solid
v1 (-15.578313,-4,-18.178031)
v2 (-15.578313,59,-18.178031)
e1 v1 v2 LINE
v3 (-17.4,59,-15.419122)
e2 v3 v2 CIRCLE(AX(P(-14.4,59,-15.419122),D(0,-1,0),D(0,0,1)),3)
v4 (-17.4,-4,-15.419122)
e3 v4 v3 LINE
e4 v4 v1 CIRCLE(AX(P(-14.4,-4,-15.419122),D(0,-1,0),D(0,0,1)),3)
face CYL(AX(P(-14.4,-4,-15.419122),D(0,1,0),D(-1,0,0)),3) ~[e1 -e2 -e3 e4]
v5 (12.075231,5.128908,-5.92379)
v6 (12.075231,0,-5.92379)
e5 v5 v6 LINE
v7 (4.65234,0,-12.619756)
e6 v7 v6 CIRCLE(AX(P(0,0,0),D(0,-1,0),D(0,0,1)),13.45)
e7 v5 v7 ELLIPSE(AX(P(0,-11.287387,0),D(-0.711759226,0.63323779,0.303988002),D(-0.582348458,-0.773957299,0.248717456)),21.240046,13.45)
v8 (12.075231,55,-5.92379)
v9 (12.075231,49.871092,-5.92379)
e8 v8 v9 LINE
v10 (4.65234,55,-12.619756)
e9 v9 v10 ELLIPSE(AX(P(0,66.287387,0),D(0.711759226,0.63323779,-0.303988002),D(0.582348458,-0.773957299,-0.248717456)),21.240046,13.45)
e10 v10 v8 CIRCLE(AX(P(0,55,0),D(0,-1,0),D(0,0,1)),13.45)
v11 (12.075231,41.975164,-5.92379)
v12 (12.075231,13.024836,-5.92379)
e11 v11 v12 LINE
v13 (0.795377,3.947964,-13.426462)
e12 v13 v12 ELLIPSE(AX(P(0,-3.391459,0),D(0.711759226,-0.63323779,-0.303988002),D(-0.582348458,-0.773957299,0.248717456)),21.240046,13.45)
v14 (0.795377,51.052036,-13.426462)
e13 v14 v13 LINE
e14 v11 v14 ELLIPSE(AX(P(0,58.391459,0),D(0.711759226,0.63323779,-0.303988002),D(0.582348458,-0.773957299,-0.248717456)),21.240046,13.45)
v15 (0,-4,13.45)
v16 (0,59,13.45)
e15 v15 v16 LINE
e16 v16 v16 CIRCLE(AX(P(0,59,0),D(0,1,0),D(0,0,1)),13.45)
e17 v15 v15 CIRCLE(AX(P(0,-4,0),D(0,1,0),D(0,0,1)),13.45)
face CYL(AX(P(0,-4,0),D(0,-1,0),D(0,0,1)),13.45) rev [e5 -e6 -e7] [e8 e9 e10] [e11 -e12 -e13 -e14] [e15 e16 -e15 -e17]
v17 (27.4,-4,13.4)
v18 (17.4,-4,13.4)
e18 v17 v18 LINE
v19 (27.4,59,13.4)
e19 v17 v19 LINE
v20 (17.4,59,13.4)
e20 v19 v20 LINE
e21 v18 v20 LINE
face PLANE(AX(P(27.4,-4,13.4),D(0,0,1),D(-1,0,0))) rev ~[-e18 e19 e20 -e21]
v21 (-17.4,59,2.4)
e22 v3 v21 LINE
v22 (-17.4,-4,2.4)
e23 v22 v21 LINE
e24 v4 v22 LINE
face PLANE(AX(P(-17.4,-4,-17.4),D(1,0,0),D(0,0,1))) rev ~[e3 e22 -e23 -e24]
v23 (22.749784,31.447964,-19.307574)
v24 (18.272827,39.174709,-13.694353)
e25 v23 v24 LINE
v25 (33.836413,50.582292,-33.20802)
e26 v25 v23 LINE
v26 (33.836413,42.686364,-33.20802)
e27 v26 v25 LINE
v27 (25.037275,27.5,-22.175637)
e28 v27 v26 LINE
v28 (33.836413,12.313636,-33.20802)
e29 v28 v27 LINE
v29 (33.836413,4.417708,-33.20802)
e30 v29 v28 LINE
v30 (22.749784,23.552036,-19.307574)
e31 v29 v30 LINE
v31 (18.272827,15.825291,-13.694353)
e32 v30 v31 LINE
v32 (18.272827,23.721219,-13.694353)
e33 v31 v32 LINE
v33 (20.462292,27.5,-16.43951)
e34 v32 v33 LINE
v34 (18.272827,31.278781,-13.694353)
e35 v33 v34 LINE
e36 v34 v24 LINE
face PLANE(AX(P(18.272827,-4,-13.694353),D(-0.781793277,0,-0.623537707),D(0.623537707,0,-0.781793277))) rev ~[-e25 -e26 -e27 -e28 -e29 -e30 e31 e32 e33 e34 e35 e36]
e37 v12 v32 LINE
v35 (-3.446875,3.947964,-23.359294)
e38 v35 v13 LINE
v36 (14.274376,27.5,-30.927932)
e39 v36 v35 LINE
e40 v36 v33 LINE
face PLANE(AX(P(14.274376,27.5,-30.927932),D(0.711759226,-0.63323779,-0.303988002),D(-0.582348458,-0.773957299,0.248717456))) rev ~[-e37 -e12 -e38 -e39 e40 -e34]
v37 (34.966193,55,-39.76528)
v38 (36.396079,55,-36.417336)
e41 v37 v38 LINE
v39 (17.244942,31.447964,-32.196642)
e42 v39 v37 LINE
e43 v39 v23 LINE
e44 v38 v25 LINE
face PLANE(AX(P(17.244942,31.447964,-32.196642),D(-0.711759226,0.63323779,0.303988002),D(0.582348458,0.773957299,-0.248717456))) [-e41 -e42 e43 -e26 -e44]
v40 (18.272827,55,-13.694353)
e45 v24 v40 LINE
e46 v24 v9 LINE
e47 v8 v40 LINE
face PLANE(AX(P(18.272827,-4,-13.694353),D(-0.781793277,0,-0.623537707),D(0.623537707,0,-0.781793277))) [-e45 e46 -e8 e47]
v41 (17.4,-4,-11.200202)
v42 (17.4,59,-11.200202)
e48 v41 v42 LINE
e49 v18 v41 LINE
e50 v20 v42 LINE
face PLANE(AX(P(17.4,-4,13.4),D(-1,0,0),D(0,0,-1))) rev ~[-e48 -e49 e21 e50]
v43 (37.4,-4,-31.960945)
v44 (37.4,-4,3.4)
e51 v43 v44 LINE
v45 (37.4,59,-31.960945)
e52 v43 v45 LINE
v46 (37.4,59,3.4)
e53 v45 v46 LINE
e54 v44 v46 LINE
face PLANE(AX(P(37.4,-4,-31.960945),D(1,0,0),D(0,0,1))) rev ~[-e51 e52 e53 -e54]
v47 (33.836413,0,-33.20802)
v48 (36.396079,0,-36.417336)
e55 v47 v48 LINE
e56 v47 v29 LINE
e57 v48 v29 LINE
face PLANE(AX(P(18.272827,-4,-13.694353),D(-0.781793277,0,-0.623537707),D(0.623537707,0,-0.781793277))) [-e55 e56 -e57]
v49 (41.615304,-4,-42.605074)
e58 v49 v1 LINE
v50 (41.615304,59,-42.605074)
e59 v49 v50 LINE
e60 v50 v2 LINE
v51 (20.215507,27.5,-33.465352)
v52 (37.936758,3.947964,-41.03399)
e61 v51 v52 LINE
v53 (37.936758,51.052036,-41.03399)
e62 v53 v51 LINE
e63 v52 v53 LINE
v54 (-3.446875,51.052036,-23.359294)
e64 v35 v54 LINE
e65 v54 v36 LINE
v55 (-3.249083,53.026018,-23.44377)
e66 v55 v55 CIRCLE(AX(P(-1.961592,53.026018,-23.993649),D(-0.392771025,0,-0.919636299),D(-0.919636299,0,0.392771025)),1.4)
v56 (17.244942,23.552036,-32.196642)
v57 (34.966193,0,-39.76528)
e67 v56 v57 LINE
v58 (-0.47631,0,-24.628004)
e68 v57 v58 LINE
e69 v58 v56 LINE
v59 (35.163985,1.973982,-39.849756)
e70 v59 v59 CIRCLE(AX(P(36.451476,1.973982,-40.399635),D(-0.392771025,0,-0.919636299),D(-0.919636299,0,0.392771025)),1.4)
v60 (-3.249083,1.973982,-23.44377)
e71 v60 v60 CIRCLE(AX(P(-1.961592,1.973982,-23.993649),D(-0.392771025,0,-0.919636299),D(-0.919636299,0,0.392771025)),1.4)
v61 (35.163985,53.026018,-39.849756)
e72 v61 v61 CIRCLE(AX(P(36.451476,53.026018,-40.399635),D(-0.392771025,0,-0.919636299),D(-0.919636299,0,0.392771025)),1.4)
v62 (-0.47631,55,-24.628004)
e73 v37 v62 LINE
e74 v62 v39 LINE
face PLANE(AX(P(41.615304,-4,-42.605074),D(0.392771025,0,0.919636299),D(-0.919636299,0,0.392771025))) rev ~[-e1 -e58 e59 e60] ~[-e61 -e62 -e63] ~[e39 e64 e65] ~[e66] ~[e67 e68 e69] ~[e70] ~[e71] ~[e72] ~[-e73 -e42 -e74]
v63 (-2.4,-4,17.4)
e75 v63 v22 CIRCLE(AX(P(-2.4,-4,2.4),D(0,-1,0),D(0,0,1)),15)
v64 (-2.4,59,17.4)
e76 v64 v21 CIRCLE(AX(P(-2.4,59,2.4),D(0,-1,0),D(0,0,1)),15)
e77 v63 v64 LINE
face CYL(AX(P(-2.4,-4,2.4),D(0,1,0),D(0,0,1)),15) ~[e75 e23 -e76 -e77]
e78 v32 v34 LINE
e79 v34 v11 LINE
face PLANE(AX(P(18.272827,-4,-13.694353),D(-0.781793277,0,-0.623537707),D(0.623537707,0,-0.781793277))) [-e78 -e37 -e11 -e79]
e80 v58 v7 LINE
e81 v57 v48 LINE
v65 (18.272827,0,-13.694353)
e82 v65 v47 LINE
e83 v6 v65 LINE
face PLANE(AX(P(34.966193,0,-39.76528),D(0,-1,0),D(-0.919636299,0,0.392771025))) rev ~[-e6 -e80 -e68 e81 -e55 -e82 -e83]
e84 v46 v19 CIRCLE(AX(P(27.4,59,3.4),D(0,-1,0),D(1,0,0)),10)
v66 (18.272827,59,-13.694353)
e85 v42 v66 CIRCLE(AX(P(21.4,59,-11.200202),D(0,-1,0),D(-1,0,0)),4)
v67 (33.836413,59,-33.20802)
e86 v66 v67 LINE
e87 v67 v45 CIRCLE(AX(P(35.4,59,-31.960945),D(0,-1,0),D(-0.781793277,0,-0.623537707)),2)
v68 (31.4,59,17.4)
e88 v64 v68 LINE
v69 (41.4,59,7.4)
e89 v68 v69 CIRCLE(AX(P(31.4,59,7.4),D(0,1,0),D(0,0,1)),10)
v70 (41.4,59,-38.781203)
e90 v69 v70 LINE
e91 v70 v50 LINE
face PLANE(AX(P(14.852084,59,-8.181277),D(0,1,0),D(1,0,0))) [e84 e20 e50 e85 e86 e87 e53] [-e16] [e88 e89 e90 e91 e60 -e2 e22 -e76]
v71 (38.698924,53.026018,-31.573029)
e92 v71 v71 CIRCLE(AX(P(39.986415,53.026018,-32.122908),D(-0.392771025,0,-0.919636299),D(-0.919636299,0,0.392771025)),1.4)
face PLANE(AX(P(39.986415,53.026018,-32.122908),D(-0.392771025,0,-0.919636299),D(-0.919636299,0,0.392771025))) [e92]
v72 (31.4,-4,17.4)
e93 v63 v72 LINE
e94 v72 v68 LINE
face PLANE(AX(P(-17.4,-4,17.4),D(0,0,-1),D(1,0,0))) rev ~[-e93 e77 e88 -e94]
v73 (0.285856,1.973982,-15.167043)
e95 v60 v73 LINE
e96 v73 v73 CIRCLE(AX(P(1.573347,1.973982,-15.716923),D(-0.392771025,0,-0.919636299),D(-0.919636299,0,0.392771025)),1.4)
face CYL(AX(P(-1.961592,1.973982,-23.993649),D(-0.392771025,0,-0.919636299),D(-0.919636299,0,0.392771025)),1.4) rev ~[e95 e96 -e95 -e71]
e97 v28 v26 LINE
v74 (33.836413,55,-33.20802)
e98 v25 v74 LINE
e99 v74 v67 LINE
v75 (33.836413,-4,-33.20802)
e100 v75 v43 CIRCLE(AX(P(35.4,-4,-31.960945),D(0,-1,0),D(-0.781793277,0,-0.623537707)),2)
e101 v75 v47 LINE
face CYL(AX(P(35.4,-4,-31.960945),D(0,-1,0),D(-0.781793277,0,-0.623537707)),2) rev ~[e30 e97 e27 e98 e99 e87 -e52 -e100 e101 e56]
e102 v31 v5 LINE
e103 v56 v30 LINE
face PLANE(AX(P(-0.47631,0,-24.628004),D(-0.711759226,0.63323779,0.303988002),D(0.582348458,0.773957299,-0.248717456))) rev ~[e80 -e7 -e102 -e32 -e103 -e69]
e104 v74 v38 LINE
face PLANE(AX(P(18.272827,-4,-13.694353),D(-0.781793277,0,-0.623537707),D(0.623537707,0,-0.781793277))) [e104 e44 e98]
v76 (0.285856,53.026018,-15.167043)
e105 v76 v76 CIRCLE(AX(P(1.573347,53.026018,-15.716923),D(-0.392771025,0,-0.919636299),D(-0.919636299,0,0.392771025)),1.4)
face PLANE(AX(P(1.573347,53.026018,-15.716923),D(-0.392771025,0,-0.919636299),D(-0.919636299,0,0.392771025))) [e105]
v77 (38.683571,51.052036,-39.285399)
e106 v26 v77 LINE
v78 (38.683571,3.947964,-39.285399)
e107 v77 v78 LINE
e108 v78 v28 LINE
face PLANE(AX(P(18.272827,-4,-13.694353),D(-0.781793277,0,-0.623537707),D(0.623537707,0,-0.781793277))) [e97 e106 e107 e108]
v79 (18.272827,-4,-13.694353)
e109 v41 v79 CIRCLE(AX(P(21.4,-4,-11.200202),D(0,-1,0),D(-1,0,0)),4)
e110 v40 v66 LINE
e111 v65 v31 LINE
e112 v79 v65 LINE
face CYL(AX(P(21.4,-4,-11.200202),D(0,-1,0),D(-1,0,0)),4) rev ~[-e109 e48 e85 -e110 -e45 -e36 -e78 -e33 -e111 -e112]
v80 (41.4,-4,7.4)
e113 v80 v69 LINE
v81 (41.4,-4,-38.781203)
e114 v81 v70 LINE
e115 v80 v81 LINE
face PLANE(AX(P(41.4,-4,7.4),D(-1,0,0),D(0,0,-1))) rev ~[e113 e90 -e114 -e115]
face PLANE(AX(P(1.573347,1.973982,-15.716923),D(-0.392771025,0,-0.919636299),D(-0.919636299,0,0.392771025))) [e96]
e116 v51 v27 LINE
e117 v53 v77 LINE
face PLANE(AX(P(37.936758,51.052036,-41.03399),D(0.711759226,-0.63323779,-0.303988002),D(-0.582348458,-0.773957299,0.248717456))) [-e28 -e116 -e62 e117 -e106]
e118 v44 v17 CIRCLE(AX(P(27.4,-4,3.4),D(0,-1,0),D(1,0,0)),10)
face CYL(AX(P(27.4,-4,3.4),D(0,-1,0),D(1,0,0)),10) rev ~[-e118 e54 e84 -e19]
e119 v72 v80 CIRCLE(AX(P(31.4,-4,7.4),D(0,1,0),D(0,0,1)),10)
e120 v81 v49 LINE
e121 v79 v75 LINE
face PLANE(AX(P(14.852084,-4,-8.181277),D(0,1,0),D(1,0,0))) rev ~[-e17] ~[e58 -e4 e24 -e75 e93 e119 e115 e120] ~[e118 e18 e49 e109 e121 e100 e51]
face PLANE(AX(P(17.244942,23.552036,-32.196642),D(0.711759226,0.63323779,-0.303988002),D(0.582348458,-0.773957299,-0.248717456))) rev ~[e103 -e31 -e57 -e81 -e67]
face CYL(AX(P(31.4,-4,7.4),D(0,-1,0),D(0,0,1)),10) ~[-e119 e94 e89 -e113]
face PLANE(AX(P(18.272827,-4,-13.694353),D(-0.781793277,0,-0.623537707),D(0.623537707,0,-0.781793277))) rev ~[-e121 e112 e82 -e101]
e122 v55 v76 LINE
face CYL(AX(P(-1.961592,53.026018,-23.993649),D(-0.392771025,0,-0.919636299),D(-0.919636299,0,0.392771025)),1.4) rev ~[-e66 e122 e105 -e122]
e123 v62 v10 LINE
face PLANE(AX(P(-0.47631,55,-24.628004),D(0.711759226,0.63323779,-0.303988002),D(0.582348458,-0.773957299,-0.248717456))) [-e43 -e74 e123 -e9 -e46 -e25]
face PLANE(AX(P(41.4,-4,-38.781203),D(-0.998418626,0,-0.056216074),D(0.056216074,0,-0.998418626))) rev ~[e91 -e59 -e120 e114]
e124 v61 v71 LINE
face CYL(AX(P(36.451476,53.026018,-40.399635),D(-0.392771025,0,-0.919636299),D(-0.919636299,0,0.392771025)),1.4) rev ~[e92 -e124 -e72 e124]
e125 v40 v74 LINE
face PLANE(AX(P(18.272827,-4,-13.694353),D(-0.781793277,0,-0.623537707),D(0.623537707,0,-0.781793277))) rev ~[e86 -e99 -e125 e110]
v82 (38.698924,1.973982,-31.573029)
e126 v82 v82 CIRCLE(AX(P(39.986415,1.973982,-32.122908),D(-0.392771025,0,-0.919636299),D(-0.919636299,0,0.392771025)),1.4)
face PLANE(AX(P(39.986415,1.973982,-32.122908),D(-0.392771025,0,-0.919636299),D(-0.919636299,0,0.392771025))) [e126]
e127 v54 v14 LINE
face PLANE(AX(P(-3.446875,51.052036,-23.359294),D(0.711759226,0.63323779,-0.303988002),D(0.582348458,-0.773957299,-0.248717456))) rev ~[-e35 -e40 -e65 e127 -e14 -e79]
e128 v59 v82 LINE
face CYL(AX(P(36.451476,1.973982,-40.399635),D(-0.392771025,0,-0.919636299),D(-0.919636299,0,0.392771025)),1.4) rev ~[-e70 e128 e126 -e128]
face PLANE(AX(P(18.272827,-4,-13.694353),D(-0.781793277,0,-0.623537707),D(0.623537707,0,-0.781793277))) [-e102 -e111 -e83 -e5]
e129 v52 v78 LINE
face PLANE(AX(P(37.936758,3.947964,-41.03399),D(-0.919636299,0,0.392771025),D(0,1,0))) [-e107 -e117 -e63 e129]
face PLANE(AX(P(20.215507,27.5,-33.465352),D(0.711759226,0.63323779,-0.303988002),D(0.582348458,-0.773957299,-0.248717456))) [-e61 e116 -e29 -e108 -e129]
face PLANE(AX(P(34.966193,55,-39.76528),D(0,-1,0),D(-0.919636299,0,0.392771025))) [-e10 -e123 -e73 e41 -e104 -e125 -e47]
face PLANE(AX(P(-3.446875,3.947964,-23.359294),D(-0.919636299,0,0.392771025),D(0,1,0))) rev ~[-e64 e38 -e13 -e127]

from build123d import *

# Parameters (mm, degrees)
BOSS_EXTRUDE1_DEPTH            = 59
BOSS_EXTRUDE1_DEPTH_BACK       = 4
SKETCH2_R                      = 13.45
FILLET1_R                      = 15
FILLET2_R                      = 3
CUT_EXTRUDE1_REACH             = 88.686
CUT_EXTRUDE1_DIRECTION_2_DEPTH = 87.685720739
SKETCH4_R                      = 1.4
CUT_EXTRUDE2_DEPTH             = 9


with BuildPart() as part:
    # Sketch2 → Boss-Extrude1 (new, two sides: drawn at the far end of the back side and taken through both)
    with BuildSketch(Plane(origin=(0, 0, 0), x_dir=(1, 0, 0), z_dir=(0, 1, 0)).offset(-BOSS_EXTRUDE1_DEPTH_BACK)):
        with BuildLine():
            Line((-17.4, -17.4), (17.4, -17.4))
            Line((17.4, -17.4), (31.4, -17.4))
            ThreePointArc((31.4, -17.4), (38.471067812, -14.471067812), (41.4, -7.4))
            Line((41.4, -7.4), (41.4, 38.781202895))
            Line((41.4, 38.781202895), (41.615303514, 42.605074323))
            Line((41.615303514, 42.605074323), (-17.4, 17.4))
            Line((-17.4, 17.4), (-17.4, -17.4))
        make_face()
        with Locations(Location((0, 0, 0), (0, 0, 270))):
            Circle(SKETCH2_R, mode=Mode.SUBTRACT)
        with BuildLine():
            Line((17.4, -13.4), (17.4, 11.200201908))
            ThreePointArc((17.4, 11.200201908), (17.624507156, 12.521433828), (18.272826893, 13.694352737))
            Line((18.272826893, 13.694352737), (33.836413447, 33.208019968))
            ThreePointArc((33.836413447, 33.208019968), (36.06061596, 33.848690975), (37.4, 31.960944553))
            Line((37.4, 31.960944553), (37.4, -3.4))
            ThreePointArc((37.4, -3.4), (34.471067812, -10.471067812), (27.4, -13.4))
            Line((27.4, -13.4), (17.4, -13.4))
        make_face(mode=Mode.SUBTRACT)
    extrude(amount=BOSS_EXTRUDE1_DEPTH + BOSS_EXTRUDE1_DEPTH_BACK)

    # Fillet1
    fillet1_edges = [part.edges().sort_by_distance(p)[0] for p in [
        (-17.4, 27.5, 17.4),
    ]]
    fillet(fillet1_edges, radius=FILLET1_R)

    # Fillet2
    fillet2_edges = [part.edges().sort_by_distance(p)[0] for p in [
        (-17.4, 27.5, -17.4),
    ]]
    fillet(fillet2_edges, radius=FILLET2_R)

    # Cut-Extrude1: up to this plane
    cut_extrude1_end = Plane(origin=(18.272826893, -4, -13.694352737), z_dir=(-0.7817932766673829, 0, -0.6235377074064384))
    # Sketch3 → Cut-Extrude1 (cut, up to the surface)
    with BuildSketch(Plane(origin=(-8.969274917, 0, -21.000710996), x_dir=(-0.9196362986724037, 0, 0.39277102510765927), z_dir=(-0.39277102510765927, 0, -0.9196362986724037)), mode=Mode.PRIVATE) as cut_extrude1_sk1:
        Polygon((-47.774830044, 0), (-9.235134773, 0), (-28.504982408, 23.552035999), align=None)
    cut_extrude1_tool1 = split(extrude(cut_extrude1_sk1.sketch, amount=-CUT_EXTRUDE1_REACH, mode=Mode.PRIVATE), bisect_by=cut_extrude1_end, keep=Keep.BOTH, mode=Mode.PRIVATE)
    add(cut_extrude1_tool1.solids().sort_by_distance((17.244942, 7.850679, -32.196642))[0], mode=Mode.SUBTRACT)
    # Sketch3 → Cut-Extrude1 (cut, up to the surface)
    with BuildSketch(Plane(origin=(-8.969274917, 0, -21.000710996), x_dir=(-0.9196362986724037, 0, 0.39277102510765927), z_dir=(-0.39277102510765927, 0, -0.9196362986724037)), mode=Mode.PRIVATE) as cut_extrude1_sk2:
        Polygon((-51.004982408, 3.947964001), (-51.004982408, 51.052035999), (-31.735134773, 27.5), align=None)
    cut_extrude1_tool2 = split(extrude(cut_extrude1_sk2.sketch, amount=-CUT_EXTRUDE1_REACH, mode=Mode.PRIVATE), bisect_by=cut_extrude1_end, keep=Keep.BOTH, mode=Mode.PRIVATE)
    add(cut_extrude1_tool2.solids().sort_by_distance((32.029675, 27.5, -38.511111))[0], mode=Mode.SUBTRACT)
    # Sketch3 → Cut-Extrude1 (cut, up to the surface)
    with BuildSketch(Plane(origin=(-8.969274917, 0, -21.000710996), x_dir=(-0.9196362986724037, 0, 0.39277102510765927), z_dir=(-0.39277102510765927, 0, -0.9196362986724037)), mode=Mode.PRIVATE) as cut_extrude1_sk3:
        Polygon((-47.774830044, 55), (-9.235134773, 55), (-28.504982408, 31.447964001), align=None)
    cut_extrude1_tool3 = split(extrude(cut_extrude1_sk3.sketch, amount=-CUT_EXTRUDE1_REACH, mode=Mode.PRIVATE), bisect_by=cut_extrude1_end, keep=Keep.BOTH, mode=Mode.PRIVATE)
    add(cut_extrude1_tool3.solids().sort_by_distance((17.244942, 47.149321, -32.196642))[0], mode=Mode.SUBTRACT)
    # Sketch3 → Cut-Extrude1 (cut, up to the surface)
    with BuildSketch(Plane(origin=(-8.969274917, 0, -21.000710996), x_dir=(-0.9196362986724037, 0, 0.39277102510765927), z_dir=(-0.39277102510765927, 0, -0.9196362986724037)), mode=Mode.PRIVATE) as cut_extrude1_sk4:
        Polygon((-6.004982408, 3.947964001), (-6.004982408, 51.052035999), (-25.274830044, 27.5), align=None)
    cut_extrude1_tool4 = split(extrude(cut_extrude1_sk4.sketch, amount=-CUT_EXTRUDE1_REACH, mode=Mode.PRIVATE), bisect_by=cut_extrude1_end, keep=Keep.BOTH, mode=Mode.PRIVATE)
    add(cut_extrude1_tool4.solids().sort_by_distance((2.460209, 27.5, -25.882173))[0], mode=Mode.SUBTRACT)

    # Sketch3 → Cut-Extrude1 direction 2 (cut)
    with BuildSketch(Plane(origin=(-8.969274917, 0, -21.000710996), x_dir=(-0.9196362986724037, 0, 0.39277102510765927), z_dir=(-0.39277102510765927, 0, -0.9196362986724037))):
        Polygon((-47.774830044, 0), (-9.235134773, 0), (-28.504982408, 23.552035999), align=None)
        Polygon((-51.004982408, 3.947964001), (-51.004982408, 51.052035999), (-31.735134773, 27.5), align=None)
        Polygon((-47.774830044, 55), (-9.235134773, 55), (-28.504982408, 31.447964001), align=None)
        Polygon((-6.004982408, 3.947964001), (-6.004982408, 51.052035999), (-25.274830044, 27.5), align=None)
    extrude(amount=CUT_EXTRUDE1_DIRECTION_2_DEPTH, mode=Mode.SUBTRACT)

    # Sketch4 → Cut-Extrude2 (cut)
    with BuildSketch(Plane(origin=(-8.969274917, 0, -21.000710996), x_dir=(-0.9196362986724037, 0, 0.3927710251076594), z_dir=(-0.3927710251076594, 0, -0.9196362986724037))):
        with Locations((-49.389906226, 1.973982)):
            Circle(SKETCH4_R)
        with Locations((-7.620058591, 1.973982)):
            Circle(SKETCH4_R)
        with Locations((-7.620058591, 53.026018)):
            Circle(SKETCH4_R)
        with Locations((-49.389906226, 53.026018)):
            Circle(SKETCH4_R)
    extrude(amount=-CUT_EXTRUDE2_DEPTH, mode=Mode.SUBTRACT)


solid = part.part
